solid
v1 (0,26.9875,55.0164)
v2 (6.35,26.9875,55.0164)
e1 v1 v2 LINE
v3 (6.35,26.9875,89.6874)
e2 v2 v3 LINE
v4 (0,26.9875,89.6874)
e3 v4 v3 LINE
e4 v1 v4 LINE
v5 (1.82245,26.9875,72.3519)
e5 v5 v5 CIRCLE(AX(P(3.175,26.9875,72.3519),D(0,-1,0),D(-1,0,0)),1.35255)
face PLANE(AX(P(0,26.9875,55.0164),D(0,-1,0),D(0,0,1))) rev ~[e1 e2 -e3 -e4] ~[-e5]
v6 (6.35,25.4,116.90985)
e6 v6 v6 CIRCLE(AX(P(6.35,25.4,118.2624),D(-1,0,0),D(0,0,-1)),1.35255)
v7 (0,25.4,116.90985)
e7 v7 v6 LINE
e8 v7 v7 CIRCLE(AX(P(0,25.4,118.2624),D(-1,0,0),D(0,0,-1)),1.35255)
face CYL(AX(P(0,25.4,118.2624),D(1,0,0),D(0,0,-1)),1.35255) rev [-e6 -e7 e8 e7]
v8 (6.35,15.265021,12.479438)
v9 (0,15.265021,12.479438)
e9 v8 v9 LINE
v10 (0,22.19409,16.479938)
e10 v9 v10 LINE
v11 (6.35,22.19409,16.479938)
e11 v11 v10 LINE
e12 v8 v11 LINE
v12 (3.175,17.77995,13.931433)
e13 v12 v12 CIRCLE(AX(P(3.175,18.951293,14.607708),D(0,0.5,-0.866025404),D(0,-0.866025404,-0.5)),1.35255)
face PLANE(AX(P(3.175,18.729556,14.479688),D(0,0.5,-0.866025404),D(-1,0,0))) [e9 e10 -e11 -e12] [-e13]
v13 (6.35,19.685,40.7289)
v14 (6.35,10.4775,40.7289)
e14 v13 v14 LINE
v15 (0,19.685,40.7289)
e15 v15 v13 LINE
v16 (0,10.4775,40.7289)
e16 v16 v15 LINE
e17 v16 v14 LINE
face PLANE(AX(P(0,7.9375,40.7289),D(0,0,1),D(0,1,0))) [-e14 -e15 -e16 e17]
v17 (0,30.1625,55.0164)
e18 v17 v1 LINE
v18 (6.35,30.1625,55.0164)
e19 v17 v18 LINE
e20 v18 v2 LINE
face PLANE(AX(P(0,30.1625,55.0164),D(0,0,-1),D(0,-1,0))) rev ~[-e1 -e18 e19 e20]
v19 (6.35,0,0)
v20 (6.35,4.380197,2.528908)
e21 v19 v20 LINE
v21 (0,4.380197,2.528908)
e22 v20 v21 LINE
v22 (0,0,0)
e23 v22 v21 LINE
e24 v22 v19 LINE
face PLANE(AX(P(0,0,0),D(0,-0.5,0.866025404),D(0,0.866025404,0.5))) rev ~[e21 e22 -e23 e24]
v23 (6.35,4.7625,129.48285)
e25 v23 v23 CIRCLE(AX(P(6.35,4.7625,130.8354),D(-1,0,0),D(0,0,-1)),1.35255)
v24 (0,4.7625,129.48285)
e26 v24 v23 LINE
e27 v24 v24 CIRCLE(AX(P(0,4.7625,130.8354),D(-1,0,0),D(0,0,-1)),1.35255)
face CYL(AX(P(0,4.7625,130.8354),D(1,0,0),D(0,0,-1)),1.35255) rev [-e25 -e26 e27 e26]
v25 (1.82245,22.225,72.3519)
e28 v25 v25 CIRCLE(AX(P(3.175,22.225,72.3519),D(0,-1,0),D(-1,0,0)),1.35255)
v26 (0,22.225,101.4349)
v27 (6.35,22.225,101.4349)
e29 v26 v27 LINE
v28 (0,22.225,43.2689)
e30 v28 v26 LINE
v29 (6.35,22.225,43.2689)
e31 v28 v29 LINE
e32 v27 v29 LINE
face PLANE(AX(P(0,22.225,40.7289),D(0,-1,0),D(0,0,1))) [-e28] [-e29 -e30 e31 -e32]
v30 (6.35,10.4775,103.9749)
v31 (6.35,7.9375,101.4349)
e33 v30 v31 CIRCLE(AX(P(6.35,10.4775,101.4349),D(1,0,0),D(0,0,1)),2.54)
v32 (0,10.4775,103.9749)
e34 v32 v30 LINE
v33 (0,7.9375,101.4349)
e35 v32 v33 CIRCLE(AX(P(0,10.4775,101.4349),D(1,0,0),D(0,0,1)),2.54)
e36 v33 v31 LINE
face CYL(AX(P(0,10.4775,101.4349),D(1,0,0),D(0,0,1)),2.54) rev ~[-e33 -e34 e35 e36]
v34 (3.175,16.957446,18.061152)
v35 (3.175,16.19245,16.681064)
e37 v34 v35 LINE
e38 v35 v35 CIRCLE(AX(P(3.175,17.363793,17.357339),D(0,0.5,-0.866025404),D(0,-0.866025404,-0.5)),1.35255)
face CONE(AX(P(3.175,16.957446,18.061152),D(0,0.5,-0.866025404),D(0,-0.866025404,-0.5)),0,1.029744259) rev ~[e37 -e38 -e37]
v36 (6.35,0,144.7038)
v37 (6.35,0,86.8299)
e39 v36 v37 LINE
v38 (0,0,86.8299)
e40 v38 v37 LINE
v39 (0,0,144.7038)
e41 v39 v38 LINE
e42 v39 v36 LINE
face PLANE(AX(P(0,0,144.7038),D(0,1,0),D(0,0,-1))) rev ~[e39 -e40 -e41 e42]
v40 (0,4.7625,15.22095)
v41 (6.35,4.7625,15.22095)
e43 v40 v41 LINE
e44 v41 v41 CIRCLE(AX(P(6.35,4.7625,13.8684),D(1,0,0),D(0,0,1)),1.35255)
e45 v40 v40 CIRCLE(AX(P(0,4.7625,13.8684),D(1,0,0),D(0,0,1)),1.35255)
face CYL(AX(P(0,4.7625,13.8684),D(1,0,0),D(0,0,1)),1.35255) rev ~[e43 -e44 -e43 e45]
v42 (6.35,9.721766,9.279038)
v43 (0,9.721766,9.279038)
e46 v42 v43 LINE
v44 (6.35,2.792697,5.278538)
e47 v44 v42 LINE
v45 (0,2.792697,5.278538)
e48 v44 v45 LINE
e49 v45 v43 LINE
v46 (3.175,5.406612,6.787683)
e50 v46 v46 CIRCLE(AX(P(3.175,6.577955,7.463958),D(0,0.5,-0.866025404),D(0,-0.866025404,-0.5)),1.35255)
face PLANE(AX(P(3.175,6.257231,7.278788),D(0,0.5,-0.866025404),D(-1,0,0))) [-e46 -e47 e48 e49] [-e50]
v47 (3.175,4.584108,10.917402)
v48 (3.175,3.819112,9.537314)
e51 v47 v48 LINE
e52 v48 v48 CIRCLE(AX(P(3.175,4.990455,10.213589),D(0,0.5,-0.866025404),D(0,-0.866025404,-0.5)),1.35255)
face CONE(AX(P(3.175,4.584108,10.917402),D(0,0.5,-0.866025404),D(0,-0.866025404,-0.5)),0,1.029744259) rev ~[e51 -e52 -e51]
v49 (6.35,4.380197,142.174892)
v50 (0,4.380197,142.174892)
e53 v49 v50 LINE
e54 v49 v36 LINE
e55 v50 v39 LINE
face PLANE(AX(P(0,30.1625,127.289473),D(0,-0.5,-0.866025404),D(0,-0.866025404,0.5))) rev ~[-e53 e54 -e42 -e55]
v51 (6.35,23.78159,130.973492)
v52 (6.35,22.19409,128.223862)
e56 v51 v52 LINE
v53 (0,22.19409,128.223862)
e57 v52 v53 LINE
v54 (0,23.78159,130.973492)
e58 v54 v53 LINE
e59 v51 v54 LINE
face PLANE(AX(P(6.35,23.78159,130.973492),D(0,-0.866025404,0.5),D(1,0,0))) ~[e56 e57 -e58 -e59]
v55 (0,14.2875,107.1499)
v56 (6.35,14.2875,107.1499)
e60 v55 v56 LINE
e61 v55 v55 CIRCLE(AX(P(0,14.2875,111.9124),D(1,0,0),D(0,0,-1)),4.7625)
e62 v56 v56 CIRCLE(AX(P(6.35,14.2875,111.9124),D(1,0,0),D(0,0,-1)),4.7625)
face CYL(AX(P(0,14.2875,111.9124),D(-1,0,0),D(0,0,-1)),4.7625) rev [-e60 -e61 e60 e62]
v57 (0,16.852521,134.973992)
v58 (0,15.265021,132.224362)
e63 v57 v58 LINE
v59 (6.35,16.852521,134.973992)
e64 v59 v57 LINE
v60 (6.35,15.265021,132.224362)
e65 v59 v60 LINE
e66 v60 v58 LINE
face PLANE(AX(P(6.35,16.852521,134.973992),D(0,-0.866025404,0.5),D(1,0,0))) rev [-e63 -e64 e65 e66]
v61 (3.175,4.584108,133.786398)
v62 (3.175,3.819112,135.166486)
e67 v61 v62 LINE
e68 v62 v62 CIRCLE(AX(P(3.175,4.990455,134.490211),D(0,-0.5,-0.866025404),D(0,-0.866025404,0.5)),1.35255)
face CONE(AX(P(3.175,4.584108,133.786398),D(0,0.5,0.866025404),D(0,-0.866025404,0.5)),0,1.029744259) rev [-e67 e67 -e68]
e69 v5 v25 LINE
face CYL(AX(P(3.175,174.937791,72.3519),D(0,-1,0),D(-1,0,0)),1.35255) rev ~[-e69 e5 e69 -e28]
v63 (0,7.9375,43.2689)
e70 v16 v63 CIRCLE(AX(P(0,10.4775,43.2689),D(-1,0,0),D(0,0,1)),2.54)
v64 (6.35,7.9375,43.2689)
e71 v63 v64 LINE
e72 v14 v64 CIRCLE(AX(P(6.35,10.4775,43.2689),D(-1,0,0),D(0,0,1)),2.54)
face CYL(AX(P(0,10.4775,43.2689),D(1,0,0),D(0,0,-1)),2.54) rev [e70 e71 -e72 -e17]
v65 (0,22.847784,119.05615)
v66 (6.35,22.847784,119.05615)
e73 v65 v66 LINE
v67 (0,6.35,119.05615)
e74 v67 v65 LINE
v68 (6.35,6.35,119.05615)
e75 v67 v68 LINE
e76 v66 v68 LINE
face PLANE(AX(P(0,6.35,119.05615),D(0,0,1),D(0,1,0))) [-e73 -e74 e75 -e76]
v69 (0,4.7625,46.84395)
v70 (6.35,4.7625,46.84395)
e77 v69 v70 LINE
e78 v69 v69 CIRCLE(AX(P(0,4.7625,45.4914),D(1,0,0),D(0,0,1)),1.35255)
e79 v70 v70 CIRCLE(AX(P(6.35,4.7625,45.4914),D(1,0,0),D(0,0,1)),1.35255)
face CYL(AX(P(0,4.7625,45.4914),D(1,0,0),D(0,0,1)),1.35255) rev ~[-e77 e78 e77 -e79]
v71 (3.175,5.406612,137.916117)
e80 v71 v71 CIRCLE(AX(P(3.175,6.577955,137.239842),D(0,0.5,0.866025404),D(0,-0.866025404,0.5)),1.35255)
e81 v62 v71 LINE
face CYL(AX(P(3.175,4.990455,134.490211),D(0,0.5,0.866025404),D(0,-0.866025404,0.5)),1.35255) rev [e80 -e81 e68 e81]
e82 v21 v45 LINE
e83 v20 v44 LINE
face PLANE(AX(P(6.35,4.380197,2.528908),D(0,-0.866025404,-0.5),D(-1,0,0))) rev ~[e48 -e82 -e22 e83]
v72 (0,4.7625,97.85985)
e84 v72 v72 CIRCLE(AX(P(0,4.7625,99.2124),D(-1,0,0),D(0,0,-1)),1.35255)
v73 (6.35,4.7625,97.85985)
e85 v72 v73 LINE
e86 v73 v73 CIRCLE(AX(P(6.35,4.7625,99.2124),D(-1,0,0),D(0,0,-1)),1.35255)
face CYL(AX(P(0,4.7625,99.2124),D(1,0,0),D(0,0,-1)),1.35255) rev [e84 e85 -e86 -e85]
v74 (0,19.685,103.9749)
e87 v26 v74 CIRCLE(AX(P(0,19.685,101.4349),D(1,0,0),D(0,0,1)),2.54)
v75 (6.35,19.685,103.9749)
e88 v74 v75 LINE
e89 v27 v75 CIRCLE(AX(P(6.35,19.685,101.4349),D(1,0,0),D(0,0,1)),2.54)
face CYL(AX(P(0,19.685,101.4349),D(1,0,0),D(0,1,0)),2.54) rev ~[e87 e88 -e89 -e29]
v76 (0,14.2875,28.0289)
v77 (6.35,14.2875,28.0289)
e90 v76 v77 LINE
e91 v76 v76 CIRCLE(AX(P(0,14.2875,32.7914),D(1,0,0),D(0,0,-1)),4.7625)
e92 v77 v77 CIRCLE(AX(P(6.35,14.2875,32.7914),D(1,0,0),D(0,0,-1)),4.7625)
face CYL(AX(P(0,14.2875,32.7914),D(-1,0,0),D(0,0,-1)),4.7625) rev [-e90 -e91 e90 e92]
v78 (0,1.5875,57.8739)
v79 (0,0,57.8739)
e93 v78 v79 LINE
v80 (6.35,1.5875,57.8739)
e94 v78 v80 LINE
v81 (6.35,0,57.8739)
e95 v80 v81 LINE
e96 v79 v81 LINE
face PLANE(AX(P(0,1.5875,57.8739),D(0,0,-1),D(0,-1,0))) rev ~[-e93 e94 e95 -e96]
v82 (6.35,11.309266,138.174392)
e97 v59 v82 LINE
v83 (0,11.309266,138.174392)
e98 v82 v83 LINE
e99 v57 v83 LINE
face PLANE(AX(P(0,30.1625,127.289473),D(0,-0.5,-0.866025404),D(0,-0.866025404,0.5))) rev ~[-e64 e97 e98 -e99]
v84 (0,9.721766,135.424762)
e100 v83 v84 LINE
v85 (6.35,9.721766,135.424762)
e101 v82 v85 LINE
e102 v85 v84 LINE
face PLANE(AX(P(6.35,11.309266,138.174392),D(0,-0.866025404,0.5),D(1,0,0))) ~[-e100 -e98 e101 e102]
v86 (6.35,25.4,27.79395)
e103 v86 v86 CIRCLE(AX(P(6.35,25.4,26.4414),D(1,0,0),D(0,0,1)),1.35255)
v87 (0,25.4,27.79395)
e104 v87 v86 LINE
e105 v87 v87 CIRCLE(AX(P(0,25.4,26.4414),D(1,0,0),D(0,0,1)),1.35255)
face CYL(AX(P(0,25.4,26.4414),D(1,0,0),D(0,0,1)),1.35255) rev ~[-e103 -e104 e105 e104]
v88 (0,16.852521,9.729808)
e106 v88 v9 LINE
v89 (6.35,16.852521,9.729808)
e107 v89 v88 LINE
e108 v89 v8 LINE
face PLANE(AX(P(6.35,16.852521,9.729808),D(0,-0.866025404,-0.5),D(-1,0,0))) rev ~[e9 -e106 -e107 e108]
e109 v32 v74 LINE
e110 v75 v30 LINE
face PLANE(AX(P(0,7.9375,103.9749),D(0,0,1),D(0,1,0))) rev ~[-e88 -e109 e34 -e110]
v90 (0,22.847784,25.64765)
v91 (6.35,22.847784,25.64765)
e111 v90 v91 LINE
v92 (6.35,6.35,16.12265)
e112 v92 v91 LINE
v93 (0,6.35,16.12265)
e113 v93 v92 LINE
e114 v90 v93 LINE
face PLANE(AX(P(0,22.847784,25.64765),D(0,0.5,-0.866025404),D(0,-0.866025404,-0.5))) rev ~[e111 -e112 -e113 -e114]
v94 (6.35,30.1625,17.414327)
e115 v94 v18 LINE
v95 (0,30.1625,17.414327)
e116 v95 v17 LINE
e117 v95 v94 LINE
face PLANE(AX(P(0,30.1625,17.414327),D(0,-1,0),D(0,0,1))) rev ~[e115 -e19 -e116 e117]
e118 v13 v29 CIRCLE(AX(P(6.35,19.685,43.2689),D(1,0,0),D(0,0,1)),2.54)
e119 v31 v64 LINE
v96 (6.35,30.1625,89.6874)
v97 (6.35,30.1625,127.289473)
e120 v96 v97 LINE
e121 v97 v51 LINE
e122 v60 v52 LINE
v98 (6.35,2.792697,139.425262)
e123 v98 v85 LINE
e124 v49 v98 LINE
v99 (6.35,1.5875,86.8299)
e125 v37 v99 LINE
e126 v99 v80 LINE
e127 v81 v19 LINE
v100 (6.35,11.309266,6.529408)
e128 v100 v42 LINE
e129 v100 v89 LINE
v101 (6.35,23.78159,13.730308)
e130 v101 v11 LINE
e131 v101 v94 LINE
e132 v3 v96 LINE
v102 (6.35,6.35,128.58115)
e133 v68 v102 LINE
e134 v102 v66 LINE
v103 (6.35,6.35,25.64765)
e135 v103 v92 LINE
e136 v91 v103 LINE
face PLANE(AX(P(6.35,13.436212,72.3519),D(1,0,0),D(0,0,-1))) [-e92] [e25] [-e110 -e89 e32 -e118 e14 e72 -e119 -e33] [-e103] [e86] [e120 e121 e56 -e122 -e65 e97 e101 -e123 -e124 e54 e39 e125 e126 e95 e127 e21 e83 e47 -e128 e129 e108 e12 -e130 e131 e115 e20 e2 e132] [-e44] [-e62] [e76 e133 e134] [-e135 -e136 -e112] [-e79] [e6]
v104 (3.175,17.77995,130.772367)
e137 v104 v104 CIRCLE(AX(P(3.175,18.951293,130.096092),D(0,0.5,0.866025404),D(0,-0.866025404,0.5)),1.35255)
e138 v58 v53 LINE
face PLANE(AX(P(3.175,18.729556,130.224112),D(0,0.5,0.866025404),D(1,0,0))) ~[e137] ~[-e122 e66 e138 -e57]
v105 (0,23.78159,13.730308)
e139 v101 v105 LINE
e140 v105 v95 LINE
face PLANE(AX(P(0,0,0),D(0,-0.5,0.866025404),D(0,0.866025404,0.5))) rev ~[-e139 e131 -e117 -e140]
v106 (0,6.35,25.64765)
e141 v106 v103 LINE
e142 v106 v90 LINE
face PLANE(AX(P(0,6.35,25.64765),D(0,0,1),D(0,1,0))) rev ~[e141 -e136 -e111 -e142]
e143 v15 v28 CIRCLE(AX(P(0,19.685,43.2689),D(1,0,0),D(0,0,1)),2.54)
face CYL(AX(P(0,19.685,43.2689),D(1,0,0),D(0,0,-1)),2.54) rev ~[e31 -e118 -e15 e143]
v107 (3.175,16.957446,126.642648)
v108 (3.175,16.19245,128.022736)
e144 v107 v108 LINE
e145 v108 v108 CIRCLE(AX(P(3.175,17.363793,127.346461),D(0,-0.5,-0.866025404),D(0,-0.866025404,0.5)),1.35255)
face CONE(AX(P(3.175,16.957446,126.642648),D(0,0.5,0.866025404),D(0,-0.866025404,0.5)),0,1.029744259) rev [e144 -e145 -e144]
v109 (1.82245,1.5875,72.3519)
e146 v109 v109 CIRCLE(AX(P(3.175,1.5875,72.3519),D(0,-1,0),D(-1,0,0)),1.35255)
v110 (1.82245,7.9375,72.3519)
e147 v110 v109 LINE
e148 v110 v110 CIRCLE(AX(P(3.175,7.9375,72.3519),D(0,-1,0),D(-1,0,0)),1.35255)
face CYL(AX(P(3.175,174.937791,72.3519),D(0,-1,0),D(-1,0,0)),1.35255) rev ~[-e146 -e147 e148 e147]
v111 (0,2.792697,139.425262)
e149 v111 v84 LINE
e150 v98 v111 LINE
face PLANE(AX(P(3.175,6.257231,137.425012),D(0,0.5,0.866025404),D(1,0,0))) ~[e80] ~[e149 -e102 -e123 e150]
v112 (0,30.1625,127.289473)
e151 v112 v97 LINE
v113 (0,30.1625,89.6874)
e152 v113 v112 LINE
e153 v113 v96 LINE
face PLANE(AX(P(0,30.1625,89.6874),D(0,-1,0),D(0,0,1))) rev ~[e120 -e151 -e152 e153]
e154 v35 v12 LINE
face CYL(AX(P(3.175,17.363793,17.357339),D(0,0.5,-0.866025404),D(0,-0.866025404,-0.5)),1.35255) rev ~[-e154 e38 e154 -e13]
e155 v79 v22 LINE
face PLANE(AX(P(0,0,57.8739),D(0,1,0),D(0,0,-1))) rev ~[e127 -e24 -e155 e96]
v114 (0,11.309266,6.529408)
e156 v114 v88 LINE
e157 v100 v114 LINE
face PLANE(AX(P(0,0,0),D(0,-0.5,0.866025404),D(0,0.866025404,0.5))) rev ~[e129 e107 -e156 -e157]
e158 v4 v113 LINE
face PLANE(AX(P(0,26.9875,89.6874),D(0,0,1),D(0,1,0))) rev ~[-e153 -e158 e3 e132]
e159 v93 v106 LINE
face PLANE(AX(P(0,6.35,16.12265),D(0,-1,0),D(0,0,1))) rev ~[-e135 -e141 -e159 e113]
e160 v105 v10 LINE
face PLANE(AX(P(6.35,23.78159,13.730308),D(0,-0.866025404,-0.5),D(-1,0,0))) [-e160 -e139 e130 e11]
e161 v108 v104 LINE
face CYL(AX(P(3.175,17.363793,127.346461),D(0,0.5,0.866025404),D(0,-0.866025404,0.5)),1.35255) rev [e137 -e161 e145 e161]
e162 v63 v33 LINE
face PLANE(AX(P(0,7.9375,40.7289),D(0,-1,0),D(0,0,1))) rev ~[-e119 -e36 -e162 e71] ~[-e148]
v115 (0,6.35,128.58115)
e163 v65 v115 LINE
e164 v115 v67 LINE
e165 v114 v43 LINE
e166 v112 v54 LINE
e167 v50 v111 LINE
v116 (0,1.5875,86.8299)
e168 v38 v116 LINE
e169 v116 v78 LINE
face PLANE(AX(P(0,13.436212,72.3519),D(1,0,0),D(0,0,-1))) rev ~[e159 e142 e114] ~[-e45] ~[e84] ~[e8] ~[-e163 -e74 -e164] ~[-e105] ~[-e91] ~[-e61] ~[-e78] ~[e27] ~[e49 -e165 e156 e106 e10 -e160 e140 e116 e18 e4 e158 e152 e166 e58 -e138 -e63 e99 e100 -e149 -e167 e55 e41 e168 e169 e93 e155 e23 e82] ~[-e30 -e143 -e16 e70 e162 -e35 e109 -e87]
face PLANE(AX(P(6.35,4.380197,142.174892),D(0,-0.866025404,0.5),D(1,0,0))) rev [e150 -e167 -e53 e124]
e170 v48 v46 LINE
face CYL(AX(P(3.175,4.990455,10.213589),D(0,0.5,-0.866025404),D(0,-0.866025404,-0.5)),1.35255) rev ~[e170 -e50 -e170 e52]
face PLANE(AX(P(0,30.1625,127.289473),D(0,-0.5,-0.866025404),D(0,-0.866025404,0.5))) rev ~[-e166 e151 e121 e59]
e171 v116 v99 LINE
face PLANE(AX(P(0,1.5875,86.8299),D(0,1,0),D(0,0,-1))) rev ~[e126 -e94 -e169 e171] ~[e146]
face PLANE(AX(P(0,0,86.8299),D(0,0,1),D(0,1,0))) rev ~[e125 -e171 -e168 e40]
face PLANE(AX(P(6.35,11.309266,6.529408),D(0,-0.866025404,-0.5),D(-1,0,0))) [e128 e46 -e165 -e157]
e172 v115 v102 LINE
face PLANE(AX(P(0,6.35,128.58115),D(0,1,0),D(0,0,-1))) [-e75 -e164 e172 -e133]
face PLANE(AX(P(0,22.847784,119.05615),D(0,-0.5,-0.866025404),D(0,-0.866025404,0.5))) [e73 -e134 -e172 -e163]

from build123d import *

# Parameters (mm, degrees)
SKETCH1_R                          = 4.7625
BOSS_EXTRUDE1_DEPTH                = 6.35
TAP_DRILL_FOR_6_32_TAP2_AT_2_COUNT = 2
TAP_DRILL_FOR_6_32_TAP2_AT_2_PITCH = 14.2875
SKETCH18_W                         = 63.246
SKETCH18_H                         = 14.2875
CUT_EXTRUDE1_DEPTH                 = 148.950291114
FILLET1_R                          = 2.54
TAP_DRILL_FOR_6_32_TAP4_D          = 2.7051
TAP_DRILL_FOR_6_32_TAP1_AT_2_COUNT = 2
TAP_DRILL_FOR_6_32_TAP1_AT_2_PITCH = 28.085742046
TAP_DRILL_FOR_6_32_TAP1_AT_3_COUNT = 2
TAP_DRILL_FOR_6_32_TAP1_AT_3_PITCH = 24.165817496
SKETCH23_W                         = 6.35
SKETCH23_H                         = 8.001
CUT_EXTRUDE2_DEPTH                 = 3.175


with BuildPart() as part:
    # Sketch1 → Boss-Extrude1 (new body)
    with BuildSketch(Plane(origin=(0, 0, 0), x_dir=(0, 0, -1), z_dir=(1, 0, 0))):
        Polygon((0, 0), (-17.414327494, 30.1625), (-55.0164, 30.1625), (-55.0164, 26.9875), (-89.6874, 26.9875), (-89.6874, 30.1625), (-127.289472506, 30.1625), (-144.7038, 0), (-86.8299, 0), (-86.8299, 1.5875), (-57.8739, 1.5875), (-57.8739, 0), align=None)
        with Locations((-111.9124, 14.2875)):
            Circle(SKETCH1_R, mode=Mode.SUBTRACT)
        with Locations((-32.7914, 14.2875)):
            Circle(SKETCH1_R, mode=Mode.SUBTRACT)
    extrude(amount=BOSS_EXTRUDE1_DEPTH)

    # Sketch14 → Tap Drill for #6-32 Tap2 (revolve, cut)
    with BuildSketch(Plane(origin=(3.175, 8.165454744, 139.989472506), x_dir=(0, -0.8660254037844365, 0.500000000000004), z_dir=(1, 0, 0))):
        Polygon((0, 0), (0, 7.16269403), (1.35255, 6.35), (1.35255, 0), align=None)
    tap_drill_for_6_32_tap2 = revolve(axis=Axis((3.175, 11.340454744, 145.48873382), (0, -0.5000000000000039, -0.8660254037844364)), mode=Mode.SUBTRACT)

    # Tap Drill for #6-32 Tap2 at 2: Tap Drill for #6-32 Tap2 ×2
    with Locations(*[Vector(0, 0.8660254037844364, -0.500000000000004) * (i * TAP_DRILL_FOR_6_32_TAP2_AT_2_PITCH) for i in range(1, TAP_DRILL_FOR_6_32_TAP2_AT_2_COUNT)]):
        add(tap_drill_for_6_32_tap2, mode=Mode.SUBTRACT)

    # Sketch18 → Cut-Extrude1 (cut, through all)
    with BuildSketch(Plane.ZY):
        Polygon((16.12265, 6.35), (25.64765, 6.35), (25.64765, 22.847783942), align=None)
        with Locations((72.3519, 15.08125)):
            Rectangle(SKETCH18_W, SKETCH18_H)
        Polygon((119.05615, 6.35), (119.05615, 22.847783942), (128.58115, 6.35), align=None)
    extrude(amount=-CUT_EXTRUDE1_DEPTH, mode=Mode.SUBTRACT)

    # Fillet1
    fillet1_edges = [part.edges().sort_by_distance(p)[0] for p in [
        (3.175, 7.9375, 40.7289),
        (3.175, 22.225, 40.7289),
        (3.175, 22.225, 103.9749),
        (3.175, 7.9375, 103.9749),
    ]]
    fillet(fillet1_edges, radius=FILLET1_R)

    # Tap Drill for #6-32 Tap4 (through all)
    with Locations(Plane(origin=(0, 26.9875, 0), x_dir=(1, 0, 0), z_dir=(0, 1, 0))):
        with Locations((3.175, -72.3519)):
            Hole(TAP_DRILL_FOR_6_32_TAP4_D / 2)

    # Mirror1: Tap Drill for #6-32 Tap2 across plane
    add(tap_drill_for_6_32_tap2.mirror(Plane(origin=(0, 0, 72.3519), x_dir=(1, 0, 0), z_dir=(0, 0, -1))), mode=Mode.SUBTRACT)

    # Mirror1 copy 1 sketch → Mirror1 copy 1 (revolve, cut)
    with BuildSketch(Plane(origin=(3.175, 20.5387927, 11.858077494), x_dir=(0, -0.8660254037844365, -0.500000000000004), z_dir=(1, 0, 0))):
        Polygon((0, 0), (0, -7.16269403), (1.35255, -6.35), (1.35255, 0), align=None)
    revolve(axis=Axis((3.175, 23.7137927, 6.35881618), (0, 0.5000000000000039, -0.8660254037844364)), mode=Mode.SUBTRACT)

    # Sketch12 → Tap Drill for #6-32 Tap1 (revolve, cut)
    with BuildSketch(Plane(origin=(6.35, 25.4, 118.2624), x_dir=(0, 0, -1), z_dir=(0, 1, 0))):
        Polygon((0, 0), (0, 7.16269403), (1.35255, 6.35), (1.35255, 0), align=None)
    tap_drill_for_6_32_tap1 = revolve(axis=Axis((12.7, 25.4, 118.2624), (-1, 0, 0)), mode=Mode.SUBTRACT)

    # Tap Drill for #6-32 Tap1 at 2: Tap Drill for #6-32 Tap1 ×2
    with Locations(*[Vector(0, -0.734803444627488, -0.6782801027330657) * (i * TAP_DRILL_FOR_6_32_TAP1_AT_2_PITCH) for i in range(1, TAP_DRILL_FOR_6_32_TAP1_AT_2_COUNT)]):
        add(tap_drill_for_6_32_tap1, mode=Mode.SUBTRACT)

    # Tap Drill for #6-32 Tap1 at 3: Tap Drill for #6-32 Tap1 ×2
    with Locations(*[Vector(0, -0.8539955250185772, 0.5202803506267027) * (i * TAP_DRILL_FOR_6_32_TAP1_AT_3_PITCH) for i in range(1, TAP_DRILL_FOR_6_32_TAP1_AT_3_COUNT)]):
        add(tap_drill_for_6_32_tap1, mode=Mode.SUBTRACT)

    # Mirror2: Tap Drill for #6-32 Tap1 across plane
    add(tap_drill_for_6_32_tap1.mirror(Plane(origin=(0, 0, 72.3519), x_dir=(1, 0, 0), z_dir=(0, 0, -1))), mode=Mode.SUBTRACT)

    # Mirror2 copy 1 sketch → Mirror2 copy 1 (revolve, cut)
    with BuildSketch(Plane(origin=(6.35, 4.7625, 45.4914), x_dir=(0, 0, 1), z_dir=(0, 1, 0))):
        Polygon((0, 0), (0, -7.16269403), (1.35255, -6.35), (1.35255, 0), align=None)
    revolve(axis=Axis((12.7, 4.7625, 45.4914), (1, 0, 0)), mode=Mode.SUBTRACT)

    # Mirror2 copy 2 sketch → Mirror2 copy 2 (revolve, cut)
    with BuildSketch(Plane(origin=(6.35, 4.7625, 13.8684), x_dir=(0, 0, 1), z_dir=(0, 1, 0))):
        Polygon((0, 0), (0, -7.16269403), (1.35255, -6.35), (1.35255, 0), align=None)
    revolve(axis=Axis((12.7, 4.7625, 13.8684), (1, 0, 0)), mode=Mode.SUBTRACT)

    # Sketch23 → Cut-Extrude2 (cut)
    with BuildSketch(Plane(origin=(0, 0, 0), x_dir=(-1, 0, 0), z_dir=(0, 0.49999999999999806, -0.8660254037844397))):
        with Locations((-3.175, 23.460115329)):
            Rectangle(SKETCH23_W, SKETCH23_H)
        with Locations((-3.175, 9.058315329)):
            Rectangle(SKETCH23_W, SKETCH23_H)
    cut_extrude2 = extrude(amount=-CUT_EXTRUDE2_DEPTH, mode=Mode.SUBTRACT)

    # Mirror3: Cut-Extrude2 across plane
    add(cut_extrude2.mirror(Plane(origin=(0, 0, 72.3519), x_dir=(1, 0, 0), z_dir=(0, 0, -1))), mode=Mode.SUBTRACT)


solid = part.part
